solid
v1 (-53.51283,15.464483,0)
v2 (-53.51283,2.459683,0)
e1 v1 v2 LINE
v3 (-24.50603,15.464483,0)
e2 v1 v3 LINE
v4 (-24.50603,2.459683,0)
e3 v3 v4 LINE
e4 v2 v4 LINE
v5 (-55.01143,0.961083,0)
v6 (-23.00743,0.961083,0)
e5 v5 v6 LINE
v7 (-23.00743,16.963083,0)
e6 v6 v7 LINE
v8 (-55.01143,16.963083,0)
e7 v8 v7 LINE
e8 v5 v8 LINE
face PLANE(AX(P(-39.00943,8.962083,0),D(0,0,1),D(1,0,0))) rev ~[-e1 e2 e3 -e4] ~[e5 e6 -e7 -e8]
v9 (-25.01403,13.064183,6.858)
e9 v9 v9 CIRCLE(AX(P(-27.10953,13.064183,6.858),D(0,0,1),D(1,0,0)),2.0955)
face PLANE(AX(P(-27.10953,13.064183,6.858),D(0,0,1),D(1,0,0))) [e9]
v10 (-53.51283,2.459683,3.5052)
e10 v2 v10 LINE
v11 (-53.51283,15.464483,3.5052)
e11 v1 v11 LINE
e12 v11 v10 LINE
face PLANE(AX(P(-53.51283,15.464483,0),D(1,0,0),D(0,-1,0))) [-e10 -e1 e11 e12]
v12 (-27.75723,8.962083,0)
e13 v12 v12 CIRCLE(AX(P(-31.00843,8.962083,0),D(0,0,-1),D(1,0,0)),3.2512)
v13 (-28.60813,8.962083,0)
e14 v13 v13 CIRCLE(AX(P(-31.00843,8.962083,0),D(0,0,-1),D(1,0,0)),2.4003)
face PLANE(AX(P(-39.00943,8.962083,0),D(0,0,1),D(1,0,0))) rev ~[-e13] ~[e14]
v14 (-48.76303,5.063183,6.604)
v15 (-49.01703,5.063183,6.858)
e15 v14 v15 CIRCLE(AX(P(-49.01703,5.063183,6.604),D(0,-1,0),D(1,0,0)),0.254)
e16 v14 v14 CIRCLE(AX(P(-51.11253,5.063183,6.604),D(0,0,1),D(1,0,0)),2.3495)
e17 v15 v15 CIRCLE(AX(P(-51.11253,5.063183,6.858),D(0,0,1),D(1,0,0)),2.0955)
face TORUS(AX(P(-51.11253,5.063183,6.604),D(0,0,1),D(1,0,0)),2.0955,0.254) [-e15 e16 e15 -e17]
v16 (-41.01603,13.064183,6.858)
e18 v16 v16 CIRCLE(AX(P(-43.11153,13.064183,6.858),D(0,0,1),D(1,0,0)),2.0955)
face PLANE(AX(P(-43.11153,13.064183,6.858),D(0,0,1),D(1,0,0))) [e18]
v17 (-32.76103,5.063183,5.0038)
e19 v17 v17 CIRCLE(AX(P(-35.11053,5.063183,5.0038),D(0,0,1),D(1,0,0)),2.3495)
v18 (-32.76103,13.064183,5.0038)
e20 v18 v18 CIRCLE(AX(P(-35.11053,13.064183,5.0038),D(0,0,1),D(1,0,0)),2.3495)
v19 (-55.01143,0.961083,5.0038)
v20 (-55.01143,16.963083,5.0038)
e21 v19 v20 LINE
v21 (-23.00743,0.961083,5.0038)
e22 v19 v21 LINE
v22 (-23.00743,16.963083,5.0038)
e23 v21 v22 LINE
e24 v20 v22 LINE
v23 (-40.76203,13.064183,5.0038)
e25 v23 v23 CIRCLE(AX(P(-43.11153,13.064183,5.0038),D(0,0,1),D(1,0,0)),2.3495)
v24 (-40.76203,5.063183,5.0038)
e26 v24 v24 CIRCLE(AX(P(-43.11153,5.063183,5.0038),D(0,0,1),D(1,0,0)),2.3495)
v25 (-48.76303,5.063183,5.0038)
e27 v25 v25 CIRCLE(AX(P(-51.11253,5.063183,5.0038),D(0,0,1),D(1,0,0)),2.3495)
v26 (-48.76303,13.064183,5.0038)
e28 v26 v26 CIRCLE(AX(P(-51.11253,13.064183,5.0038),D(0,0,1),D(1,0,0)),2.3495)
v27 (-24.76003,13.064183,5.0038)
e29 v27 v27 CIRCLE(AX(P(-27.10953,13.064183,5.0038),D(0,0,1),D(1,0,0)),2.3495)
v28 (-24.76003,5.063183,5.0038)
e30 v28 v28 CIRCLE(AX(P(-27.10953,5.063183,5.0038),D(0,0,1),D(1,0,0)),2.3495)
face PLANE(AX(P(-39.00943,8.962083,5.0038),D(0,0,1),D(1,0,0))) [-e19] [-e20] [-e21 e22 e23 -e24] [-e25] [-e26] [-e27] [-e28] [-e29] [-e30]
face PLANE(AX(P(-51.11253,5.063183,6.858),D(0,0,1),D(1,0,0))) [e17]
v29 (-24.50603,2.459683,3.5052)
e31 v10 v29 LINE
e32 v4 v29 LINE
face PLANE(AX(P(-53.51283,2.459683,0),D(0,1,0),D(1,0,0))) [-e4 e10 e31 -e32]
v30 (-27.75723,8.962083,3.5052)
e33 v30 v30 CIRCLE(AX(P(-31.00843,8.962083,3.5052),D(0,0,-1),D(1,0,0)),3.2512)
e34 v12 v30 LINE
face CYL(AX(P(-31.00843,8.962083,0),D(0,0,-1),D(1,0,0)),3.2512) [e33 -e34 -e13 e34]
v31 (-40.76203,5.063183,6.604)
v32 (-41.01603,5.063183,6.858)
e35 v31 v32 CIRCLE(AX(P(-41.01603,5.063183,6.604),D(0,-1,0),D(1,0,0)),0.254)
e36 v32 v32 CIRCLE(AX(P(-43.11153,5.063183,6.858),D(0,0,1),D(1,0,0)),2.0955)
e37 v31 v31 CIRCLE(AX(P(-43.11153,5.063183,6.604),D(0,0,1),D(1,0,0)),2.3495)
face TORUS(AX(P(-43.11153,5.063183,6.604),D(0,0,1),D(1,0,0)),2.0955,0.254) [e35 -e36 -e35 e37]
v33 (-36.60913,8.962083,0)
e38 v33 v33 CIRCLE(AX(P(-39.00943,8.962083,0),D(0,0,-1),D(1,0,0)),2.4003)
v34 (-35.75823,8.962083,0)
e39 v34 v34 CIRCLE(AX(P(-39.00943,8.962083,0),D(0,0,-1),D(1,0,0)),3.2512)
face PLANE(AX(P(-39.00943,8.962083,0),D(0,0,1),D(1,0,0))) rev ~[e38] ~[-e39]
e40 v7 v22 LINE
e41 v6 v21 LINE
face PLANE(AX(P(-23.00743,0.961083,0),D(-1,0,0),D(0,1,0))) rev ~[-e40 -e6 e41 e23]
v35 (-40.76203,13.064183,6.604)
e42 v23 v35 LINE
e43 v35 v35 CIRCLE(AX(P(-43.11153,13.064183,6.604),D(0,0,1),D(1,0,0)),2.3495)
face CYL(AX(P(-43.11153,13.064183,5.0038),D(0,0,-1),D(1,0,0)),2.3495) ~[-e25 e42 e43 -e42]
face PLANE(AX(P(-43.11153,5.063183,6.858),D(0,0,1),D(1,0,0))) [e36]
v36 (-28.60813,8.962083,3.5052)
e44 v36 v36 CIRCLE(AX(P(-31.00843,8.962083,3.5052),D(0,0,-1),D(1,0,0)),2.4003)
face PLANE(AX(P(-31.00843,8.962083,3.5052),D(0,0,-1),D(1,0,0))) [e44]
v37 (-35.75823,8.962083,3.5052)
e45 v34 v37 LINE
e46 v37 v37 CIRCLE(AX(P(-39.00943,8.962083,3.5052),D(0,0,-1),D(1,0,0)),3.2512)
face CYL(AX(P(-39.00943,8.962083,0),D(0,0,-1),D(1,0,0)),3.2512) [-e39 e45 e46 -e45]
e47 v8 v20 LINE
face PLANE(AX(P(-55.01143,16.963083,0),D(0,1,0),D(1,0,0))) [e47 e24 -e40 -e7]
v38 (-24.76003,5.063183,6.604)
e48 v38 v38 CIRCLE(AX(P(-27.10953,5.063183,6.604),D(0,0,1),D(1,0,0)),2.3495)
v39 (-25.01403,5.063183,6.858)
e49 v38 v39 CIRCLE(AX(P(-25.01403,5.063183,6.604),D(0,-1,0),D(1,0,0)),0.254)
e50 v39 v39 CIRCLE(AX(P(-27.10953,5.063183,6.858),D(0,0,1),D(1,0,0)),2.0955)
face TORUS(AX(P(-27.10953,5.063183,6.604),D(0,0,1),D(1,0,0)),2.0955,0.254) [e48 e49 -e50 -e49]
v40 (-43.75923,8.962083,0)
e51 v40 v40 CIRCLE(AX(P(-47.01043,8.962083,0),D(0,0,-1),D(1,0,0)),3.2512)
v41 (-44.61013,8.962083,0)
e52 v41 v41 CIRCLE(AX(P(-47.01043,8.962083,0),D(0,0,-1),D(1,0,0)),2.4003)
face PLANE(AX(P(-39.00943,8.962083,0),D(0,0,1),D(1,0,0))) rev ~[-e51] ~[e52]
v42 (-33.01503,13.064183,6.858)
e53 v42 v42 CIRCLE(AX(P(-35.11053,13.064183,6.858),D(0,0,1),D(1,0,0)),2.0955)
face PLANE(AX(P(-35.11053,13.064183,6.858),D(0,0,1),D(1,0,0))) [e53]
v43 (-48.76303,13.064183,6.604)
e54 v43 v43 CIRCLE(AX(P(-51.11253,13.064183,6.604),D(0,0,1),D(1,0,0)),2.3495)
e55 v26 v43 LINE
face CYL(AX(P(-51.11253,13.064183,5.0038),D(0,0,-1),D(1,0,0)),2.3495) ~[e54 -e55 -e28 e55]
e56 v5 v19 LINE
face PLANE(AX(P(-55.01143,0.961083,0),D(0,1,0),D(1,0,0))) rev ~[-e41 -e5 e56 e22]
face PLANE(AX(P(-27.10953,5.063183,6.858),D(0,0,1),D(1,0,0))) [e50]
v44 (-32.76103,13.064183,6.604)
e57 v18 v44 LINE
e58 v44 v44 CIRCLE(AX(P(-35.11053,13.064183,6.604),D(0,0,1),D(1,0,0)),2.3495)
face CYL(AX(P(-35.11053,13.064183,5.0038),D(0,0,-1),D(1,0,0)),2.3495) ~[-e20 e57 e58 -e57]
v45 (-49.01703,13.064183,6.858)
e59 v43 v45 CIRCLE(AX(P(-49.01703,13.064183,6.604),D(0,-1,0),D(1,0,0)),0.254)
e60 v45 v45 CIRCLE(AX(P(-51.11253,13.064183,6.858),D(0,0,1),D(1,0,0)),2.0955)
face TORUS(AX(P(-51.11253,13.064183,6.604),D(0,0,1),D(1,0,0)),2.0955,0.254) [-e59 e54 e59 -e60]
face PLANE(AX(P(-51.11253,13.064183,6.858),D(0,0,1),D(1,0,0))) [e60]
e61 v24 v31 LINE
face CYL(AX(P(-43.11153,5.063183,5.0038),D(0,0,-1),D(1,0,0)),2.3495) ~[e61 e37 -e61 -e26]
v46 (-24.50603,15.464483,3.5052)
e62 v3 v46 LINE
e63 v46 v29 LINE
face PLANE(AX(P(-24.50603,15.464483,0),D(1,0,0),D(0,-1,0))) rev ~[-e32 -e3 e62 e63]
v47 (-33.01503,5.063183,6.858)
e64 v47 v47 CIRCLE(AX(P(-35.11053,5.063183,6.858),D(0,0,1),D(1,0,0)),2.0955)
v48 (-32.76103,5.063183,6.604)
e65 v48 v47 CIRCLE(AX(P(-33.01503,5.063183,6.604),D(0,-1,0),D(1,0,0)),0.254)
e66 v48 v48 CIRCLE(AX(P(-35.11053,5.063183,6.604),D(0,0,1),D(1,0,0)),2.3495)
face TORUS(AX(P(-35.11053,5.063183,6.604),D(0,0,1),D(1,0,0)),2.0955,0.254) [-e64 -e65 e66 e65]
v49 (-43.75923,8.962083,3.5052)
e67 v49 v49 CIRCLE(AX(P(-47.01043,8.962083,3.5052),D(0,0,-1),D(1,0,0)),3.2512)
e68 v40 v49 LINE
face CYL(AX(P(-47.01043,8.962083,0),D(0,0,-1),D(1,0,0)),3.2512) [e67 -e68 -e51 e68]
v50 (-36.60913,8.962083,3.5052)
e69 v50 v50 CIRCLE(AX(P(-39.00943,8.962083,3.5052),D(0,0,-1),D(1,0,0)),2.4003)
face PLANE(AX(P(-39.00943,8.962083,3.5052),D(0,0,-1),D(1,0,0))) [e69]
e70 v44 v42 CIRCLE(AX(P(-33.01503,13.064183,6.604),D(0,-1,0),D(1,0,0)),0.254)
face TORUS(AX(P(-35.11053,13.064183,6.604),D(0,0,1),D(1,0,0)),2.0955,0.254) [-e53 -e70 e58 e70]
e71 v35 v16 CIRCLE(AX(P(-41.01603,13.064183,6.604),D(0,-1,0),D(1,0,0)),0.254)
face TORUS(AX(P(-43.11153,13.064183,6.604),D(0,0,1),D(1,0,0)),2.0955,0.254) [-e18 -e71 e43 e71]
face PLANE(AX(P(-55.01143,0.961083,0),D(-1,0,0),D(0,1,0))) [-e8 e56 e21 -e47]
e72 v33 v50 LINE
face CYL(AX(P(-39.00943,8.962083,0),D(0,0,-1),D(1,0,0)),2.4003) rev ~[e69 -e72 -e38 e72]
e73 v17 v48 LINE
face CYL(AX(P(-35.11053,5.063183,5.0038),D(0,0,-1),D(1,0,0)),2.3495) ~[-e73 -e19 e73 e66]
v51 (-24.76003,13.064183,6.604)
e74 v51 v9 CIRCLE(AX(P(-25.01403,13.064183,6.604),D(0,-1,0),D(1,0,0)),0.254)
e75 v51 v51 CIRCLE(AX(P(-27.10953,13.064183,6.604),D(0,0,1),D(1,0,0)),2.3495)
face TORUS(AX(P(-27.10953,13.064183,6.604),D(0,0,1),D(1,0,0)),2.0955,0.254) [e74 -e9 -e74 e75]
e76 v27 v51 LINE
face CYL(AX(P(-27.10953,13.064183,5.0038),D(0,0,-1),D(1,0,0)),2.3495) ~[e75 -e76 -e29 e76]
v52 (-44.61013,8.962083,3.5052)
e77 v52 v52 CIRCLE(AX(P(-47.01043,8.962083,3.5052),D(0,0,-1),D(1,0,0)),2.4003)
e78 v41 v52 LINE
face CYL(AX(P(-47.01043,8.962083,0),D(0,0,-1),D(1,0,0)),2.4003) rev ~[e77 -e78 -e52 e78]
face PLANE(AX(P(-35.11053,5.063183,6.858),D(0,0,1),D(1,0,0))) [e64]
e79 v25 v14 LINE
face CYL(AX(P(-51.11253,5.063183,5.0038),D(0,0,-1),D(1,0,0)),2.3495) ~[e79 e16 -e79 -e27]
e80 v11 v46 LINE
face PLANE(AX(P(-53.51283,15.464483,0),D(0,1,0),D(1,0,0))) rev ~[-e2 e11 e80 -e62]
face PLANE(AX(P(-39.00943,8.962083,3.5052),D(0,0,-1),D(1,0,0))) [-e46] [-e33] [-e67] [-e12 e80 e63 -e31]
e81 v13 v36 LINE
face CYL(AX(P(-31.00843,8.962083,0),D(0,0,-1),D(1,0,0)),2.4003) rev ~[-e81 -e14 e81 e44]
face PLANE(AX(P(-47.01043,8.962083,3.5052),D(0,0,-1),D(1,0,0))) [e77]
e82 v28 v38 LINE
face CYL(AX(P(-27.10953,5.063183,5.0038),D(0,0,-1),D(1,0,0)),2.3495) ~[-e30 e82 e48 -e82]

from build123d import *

# Parameters (mm, degrees)
F0_W     = 32.004
F0_H     = 16.002
F1_DEPTH = 5.0038
F2_R     = 2.3495
F3_DEPTH = 1.8542
F4_R     = 0.254
F5_W     = 29.0068
F5_H     = 13.0048
F5_R     = 3.2512
F5_R_2   = 2.4003
F6_DEPTH = 3.5052


with BuildPart() as f1:
    # F0 (on Top) → F1 (new body)
    with BuildSketch(Plane.XY):
        with Locations((-39.00943, 8.962083)):
            Rectangle(F0_W, F0_H)
    extrude(amount=F1_DEPTH)

    # F2 (on face) → F3 (join)
    with BuildSketch(Plane.XY.offset(5.0038)):
        with Locations((-51.11253, 13.064183)):
            Circle(F2_R)
        with Locations((-43.11153, 13.064183)):
            Circle(F2_R)
        with Locations((-35.11053, 13.064183)):
            Circle(F2_R)
        with Locations((-27.10953, 13.064183)):
            Circle(F2_R)
        with Locations((-27.10953, 5.063183)):
            Circle(F2_R)
        with Locations((-35.11053, 5.063183)):
            Circle(F2_R)
        with Locations((-43.11153, 5.063183)):
            Circle(F2_R)
        with Locations((-51.11253, 5.063183)):
            Circle(F2_R)
    extrude(amount=F3_DEPTH)

    # F4
    f4_edges = [f1.edges().sort_by_distance(p)[0] for p in [
        (-53.46203, 5.063183, 6.858),
        (-53.46203, 13.064183, 6.858),
        (-45.46103, 13.064183, 6.858),
        (-45.46103, 5.063183, 6.858),
        (-37.46003, 5.063183, 6.858),
        (-37.46003, 13.064183, 6.858),
        (-29.45903, 13.064183, 6.858),
        (-29.45903, 5.063183, 6.858),
    ]]
    fillet(f4_edges, radius=F4_R)

    # F5 (on face) → F6 (cut)
    with BuildSketch(Plane(origin=(0, 0, 0), x_dir=(1, 0, 0), z_dir=(0, 0, -1))):
        with Locations((-39.00943, -8.962083)):
            Rectangle(F5_W, F5_H)
        with Locations((-47.01043, -8.962083)):
            Circle(F5_R, mode=Mode.SUBTRACT)
        with Locations((-39.00943, -8.962083)):
            Circle(F5_R, mode=Mode.SUBTRACT)
        with Locations((-31.00843, -8.962083)):
            Circle(F5_R, mode=Mode.SUBTRACT)
        with Locations((-47.01043, -8.962083)):
            Circle(F5_R_2)
        with Locations((-39.00943, -8.962083)):
            Circle(F5_R_2)
        with Locations((-31.00843, -8.962083)):
            Circle(F5_R_2)
    extrude(amount=-F6_DEPTH, mode=Mode.SUBTRACT)


solid = f1.part
